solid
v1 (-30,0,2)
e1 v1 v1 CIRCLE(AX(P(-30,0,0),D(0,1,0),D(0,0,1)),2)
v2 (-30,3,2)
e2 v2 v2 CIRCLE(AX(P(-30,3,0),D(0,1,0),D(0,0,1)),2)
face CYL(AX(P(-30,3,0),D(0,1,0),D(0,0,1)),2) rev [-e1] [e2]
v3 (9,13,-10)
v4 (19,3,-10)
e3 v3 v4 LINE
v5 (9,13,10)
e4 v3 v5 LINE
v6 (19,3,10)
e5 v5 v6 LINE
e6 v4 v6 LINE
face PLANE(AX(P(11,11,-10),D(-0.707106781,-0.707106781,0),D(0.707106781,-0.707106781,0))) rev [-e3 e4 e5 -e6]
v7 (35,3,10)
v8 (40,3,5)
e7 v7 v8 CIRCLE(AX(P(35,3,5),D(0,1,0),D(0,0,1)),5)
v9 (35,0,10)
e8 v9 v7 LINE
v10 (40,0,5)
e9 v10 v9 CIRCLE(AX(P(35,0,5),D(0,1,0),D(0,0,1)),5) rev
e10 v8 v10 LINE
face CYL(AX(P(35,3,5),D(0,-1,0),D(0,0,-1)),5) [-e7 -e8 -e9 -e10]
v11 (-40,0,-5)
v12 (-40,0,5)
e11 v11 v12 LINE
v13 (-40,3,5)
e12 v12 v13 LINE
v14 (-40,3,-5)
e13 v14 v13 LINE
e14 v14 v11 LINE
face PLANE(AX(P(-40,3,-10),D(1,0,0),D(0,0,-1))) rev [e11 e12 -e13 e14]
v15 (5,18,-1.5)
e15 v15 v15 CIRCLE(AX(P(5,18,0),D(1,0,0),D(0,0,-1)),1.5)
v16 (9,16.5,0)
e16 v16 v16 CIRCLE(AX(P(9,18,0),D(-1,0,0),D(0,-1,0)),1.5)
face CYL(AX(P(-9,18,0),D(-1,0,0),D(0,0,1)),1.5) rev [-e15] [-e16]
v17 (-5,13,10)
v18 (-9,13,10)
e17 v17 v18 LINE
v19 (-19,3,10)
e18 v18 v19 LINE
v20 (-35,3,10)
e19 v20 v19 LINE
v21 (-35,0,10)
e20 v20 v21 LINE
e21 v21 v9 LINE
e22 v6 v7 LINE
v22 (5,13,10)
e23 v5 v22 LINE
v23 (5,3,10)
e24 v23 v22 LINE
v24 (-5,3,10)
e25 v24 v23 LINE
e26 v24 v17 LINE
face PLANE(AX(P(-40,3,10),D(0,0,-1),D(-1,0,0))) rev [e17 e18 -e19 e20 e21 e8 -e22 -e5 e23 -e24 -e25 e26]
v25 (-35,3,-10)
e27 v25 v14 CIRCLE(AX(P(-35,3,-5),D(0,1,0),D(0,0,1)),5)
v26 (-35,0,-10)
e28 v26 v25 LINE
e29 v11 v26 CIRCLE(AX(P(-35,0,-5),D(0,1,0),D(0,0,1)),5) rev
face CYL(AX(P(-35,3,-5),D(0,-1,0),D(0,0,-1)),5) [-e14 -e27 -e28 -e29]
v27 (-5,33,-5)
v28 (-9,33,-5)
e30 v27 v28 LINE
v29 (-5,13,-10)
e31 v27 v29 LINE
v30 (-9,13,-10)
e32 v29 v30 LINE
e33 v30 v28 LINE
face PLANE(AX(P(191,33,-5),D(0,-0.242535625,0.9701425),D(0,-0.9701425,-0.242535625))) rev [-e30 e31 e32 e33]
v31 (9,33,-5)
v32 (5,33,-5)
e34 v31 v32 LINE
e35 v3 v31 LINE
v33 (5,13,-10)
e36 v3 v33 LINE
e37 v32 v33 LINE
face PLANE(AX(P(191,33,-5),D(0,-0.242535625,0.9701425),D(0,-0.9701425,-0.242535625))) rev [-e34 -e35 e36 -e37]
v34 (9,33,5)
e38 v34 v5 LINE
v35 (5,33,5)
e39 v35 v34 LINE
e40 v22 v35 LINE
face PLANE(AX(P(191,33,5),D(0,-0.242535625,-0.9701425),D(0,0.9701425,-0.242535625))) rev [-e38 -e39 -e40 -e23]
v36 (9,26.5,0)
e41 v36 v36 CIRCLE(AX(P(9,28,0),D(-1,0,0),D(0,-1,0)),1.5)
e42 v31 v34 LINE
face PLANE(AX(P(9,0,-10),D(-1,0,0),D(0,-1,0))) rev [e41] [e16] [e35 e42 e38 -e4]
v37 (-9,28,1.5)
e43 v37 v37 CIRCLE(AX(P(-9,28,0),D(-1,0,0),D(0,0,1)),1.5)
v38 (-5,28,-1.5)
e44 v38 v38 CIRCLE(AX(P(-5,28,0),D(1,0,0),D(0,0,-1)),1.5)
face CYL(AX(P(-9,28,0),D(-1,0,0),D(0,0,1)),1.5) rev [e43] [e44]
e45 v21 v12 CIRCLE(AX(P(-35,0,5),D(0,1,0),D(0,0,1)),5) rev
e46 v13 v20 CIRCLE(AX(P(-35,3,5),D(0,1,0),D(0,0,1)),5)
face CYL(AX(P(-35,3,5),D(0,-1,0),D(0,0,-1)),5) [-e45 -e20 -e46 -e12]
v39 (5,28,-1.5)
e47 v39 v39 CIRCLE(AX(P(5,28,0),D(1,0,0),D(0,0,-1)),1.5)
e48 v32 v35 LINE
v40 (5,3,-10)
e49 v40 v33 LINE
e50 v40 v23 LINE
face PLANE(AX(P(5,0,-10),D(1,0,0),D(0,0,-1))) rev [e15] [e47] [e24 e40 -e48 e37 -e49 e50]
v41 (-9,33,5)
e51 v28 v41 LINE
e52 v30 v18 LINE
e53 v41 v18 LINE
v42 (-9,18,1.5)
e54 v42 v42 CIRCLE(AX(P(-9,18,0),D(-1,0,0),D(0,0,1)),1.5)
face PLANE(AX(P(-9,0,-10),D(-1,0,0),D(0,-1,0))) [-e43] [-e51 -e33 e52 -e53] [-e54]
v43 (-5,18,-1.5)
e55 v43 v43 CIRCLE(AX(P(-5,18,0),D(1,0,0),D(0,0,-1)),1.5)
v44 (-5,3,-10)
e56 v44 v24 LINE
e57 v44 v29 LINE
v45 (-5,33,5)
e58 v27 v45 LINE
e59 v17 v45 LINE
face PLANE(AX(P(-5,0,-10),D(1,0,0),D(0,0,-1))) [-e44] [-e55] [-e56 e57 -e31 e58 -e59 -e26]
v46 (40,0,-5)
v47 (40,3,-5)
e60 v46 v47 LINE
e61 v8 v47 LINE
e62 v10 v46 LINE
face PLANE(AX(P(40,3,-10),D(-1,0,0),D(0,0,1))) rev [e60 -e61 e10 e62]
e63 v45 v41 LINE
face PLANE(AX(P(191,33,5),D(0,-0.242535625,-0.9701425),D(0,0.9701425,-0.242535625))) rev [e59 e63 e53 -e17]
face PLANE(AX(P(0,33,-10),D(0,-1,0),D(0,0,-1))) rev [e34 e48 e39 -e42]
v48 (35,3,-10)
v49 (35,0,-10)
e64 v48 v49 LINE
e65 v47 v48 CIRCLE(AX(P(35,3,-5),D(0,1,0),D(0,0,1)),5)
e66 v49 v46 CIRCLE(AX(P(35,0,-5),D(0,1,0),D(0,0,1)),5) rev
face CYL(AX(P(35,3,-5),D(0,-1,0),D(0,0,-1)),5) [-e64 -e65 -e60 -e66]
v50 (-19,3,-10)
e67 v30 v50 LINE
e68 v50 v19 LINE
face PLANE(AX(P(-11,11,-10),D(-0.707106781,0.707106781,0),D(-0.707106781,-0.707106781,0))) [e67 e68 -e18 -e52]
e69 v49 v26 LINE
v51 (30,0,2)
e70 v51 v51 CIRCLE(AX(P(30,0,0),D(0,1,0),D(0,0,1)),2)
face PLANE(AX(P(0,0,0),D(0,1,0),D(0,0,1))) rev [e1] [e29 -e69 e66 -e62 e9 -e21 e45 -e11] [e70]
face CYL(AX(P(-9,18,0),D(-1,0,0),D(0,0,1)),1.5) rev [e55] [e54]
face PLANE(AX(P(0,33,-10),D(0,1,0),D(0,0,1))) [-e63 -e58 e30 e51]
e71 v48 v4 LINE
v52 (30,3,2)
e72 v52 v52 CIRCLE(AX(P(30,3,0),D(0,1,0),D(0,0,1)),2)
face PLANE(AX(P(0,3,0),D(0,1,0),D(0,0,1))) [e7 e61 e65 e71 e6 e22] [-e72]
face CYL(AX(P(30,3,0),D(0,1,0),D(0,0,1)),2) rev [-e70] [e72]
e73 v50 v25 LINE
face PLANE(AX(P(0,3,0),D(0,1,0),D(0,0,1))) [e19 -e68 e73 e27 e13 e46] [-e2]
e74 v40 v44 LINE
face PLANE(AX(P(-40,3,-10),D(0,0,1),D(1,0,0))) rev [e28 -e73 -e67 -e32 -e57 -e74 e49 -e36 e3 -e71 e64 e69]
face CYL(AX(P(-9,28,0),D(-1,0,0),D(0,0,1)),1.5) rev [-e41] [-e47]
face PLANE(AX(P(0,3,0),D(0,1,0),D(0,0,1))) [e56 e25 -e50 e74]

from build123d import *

# Parameters (mm, degrees)
SKETCH_2_W            = 80
SKETCH_2_H            = 20
EXTRUDE_1_DEPTH       = 3
EXTRUDE_2_DEPTH       = 20
HOLE_WIZARD_3_0_3_1_D = 3
HOLE_WIZARD_4_0_4_1_D = 4
CUT_EXTRUDE_1_DEPTH   = 200
FILLET_1_R            = 5


with BuildPart() as part:
    # 草图2 → 凸台-拉伸1 (new body)
    with BuildSketch(Plane(origin=(0, 0, 0), x_dir=(1, 0, 0), z_dir=(0, 1, 0))):
        Rectangle(SKETCH_2_W, SKETCH_2_H)
    extrude(amount=EXTRUDE_1_DEPTH)

    # 草图3 → 凸台-拉伸2 (add)
    with BuildSketch(Plane.XY.offset(10)):
        Polygon((-9, 13), (-19, 3), (-5, 3), (-5, 33), (-9, 33), align=None)
    extrude_2 = extrude(amount=-EXTRUDE_2_DEPTH)

    # 镜向1: 凸台-拉伸2 across plane
    add(extrude_2.mirror(Plane.ZY))

    # Ø3.0 (3) 直径孔1 (through all)
    with Locations(Plane.ZY.offset(9)):
        with Locations((0, 28), (0, 18)):
            Hole(HOLE_WIZARD_3_0_3_1_D / 2)

    # Ø4.0 (4) 直径孔1 (through all)
    with Locations(Plane(origin=(0, 3, 0), x_dir=(1, 0, 0), z_dir=(0, 1, 0))):
        with Locations((-30, 0), (30, 0)):
            Hole(HOLE_WIZARD_4_0_4_1_D / 2)

    # 草图10 → 切除-拉伸1 (cut)
    with BuildSketch(Plane.ZY.offset(9)):
        Polygon((10, 13), (10, 33), (5, 33), align=None)
        Polygon((-10, 13), (-10, 33), (-5, 33), align=None)
    extrude(amount=-CUT_EXTRUDE_1_DEPTH, mode=Mode.SUBTRACT)

    # 圆角1
    fillet_1_edges = [part.edges().sort_by_distance(p)[0] for p in [
        (40, 1.5, -10),
        (40, 1.5, 10),
        (-40, 1.5, 10),
        (-40, 1.5, -10),
    ]]
    fillet(fillet_1_edges, radius=FILLET_1_R)


solid = part.part
